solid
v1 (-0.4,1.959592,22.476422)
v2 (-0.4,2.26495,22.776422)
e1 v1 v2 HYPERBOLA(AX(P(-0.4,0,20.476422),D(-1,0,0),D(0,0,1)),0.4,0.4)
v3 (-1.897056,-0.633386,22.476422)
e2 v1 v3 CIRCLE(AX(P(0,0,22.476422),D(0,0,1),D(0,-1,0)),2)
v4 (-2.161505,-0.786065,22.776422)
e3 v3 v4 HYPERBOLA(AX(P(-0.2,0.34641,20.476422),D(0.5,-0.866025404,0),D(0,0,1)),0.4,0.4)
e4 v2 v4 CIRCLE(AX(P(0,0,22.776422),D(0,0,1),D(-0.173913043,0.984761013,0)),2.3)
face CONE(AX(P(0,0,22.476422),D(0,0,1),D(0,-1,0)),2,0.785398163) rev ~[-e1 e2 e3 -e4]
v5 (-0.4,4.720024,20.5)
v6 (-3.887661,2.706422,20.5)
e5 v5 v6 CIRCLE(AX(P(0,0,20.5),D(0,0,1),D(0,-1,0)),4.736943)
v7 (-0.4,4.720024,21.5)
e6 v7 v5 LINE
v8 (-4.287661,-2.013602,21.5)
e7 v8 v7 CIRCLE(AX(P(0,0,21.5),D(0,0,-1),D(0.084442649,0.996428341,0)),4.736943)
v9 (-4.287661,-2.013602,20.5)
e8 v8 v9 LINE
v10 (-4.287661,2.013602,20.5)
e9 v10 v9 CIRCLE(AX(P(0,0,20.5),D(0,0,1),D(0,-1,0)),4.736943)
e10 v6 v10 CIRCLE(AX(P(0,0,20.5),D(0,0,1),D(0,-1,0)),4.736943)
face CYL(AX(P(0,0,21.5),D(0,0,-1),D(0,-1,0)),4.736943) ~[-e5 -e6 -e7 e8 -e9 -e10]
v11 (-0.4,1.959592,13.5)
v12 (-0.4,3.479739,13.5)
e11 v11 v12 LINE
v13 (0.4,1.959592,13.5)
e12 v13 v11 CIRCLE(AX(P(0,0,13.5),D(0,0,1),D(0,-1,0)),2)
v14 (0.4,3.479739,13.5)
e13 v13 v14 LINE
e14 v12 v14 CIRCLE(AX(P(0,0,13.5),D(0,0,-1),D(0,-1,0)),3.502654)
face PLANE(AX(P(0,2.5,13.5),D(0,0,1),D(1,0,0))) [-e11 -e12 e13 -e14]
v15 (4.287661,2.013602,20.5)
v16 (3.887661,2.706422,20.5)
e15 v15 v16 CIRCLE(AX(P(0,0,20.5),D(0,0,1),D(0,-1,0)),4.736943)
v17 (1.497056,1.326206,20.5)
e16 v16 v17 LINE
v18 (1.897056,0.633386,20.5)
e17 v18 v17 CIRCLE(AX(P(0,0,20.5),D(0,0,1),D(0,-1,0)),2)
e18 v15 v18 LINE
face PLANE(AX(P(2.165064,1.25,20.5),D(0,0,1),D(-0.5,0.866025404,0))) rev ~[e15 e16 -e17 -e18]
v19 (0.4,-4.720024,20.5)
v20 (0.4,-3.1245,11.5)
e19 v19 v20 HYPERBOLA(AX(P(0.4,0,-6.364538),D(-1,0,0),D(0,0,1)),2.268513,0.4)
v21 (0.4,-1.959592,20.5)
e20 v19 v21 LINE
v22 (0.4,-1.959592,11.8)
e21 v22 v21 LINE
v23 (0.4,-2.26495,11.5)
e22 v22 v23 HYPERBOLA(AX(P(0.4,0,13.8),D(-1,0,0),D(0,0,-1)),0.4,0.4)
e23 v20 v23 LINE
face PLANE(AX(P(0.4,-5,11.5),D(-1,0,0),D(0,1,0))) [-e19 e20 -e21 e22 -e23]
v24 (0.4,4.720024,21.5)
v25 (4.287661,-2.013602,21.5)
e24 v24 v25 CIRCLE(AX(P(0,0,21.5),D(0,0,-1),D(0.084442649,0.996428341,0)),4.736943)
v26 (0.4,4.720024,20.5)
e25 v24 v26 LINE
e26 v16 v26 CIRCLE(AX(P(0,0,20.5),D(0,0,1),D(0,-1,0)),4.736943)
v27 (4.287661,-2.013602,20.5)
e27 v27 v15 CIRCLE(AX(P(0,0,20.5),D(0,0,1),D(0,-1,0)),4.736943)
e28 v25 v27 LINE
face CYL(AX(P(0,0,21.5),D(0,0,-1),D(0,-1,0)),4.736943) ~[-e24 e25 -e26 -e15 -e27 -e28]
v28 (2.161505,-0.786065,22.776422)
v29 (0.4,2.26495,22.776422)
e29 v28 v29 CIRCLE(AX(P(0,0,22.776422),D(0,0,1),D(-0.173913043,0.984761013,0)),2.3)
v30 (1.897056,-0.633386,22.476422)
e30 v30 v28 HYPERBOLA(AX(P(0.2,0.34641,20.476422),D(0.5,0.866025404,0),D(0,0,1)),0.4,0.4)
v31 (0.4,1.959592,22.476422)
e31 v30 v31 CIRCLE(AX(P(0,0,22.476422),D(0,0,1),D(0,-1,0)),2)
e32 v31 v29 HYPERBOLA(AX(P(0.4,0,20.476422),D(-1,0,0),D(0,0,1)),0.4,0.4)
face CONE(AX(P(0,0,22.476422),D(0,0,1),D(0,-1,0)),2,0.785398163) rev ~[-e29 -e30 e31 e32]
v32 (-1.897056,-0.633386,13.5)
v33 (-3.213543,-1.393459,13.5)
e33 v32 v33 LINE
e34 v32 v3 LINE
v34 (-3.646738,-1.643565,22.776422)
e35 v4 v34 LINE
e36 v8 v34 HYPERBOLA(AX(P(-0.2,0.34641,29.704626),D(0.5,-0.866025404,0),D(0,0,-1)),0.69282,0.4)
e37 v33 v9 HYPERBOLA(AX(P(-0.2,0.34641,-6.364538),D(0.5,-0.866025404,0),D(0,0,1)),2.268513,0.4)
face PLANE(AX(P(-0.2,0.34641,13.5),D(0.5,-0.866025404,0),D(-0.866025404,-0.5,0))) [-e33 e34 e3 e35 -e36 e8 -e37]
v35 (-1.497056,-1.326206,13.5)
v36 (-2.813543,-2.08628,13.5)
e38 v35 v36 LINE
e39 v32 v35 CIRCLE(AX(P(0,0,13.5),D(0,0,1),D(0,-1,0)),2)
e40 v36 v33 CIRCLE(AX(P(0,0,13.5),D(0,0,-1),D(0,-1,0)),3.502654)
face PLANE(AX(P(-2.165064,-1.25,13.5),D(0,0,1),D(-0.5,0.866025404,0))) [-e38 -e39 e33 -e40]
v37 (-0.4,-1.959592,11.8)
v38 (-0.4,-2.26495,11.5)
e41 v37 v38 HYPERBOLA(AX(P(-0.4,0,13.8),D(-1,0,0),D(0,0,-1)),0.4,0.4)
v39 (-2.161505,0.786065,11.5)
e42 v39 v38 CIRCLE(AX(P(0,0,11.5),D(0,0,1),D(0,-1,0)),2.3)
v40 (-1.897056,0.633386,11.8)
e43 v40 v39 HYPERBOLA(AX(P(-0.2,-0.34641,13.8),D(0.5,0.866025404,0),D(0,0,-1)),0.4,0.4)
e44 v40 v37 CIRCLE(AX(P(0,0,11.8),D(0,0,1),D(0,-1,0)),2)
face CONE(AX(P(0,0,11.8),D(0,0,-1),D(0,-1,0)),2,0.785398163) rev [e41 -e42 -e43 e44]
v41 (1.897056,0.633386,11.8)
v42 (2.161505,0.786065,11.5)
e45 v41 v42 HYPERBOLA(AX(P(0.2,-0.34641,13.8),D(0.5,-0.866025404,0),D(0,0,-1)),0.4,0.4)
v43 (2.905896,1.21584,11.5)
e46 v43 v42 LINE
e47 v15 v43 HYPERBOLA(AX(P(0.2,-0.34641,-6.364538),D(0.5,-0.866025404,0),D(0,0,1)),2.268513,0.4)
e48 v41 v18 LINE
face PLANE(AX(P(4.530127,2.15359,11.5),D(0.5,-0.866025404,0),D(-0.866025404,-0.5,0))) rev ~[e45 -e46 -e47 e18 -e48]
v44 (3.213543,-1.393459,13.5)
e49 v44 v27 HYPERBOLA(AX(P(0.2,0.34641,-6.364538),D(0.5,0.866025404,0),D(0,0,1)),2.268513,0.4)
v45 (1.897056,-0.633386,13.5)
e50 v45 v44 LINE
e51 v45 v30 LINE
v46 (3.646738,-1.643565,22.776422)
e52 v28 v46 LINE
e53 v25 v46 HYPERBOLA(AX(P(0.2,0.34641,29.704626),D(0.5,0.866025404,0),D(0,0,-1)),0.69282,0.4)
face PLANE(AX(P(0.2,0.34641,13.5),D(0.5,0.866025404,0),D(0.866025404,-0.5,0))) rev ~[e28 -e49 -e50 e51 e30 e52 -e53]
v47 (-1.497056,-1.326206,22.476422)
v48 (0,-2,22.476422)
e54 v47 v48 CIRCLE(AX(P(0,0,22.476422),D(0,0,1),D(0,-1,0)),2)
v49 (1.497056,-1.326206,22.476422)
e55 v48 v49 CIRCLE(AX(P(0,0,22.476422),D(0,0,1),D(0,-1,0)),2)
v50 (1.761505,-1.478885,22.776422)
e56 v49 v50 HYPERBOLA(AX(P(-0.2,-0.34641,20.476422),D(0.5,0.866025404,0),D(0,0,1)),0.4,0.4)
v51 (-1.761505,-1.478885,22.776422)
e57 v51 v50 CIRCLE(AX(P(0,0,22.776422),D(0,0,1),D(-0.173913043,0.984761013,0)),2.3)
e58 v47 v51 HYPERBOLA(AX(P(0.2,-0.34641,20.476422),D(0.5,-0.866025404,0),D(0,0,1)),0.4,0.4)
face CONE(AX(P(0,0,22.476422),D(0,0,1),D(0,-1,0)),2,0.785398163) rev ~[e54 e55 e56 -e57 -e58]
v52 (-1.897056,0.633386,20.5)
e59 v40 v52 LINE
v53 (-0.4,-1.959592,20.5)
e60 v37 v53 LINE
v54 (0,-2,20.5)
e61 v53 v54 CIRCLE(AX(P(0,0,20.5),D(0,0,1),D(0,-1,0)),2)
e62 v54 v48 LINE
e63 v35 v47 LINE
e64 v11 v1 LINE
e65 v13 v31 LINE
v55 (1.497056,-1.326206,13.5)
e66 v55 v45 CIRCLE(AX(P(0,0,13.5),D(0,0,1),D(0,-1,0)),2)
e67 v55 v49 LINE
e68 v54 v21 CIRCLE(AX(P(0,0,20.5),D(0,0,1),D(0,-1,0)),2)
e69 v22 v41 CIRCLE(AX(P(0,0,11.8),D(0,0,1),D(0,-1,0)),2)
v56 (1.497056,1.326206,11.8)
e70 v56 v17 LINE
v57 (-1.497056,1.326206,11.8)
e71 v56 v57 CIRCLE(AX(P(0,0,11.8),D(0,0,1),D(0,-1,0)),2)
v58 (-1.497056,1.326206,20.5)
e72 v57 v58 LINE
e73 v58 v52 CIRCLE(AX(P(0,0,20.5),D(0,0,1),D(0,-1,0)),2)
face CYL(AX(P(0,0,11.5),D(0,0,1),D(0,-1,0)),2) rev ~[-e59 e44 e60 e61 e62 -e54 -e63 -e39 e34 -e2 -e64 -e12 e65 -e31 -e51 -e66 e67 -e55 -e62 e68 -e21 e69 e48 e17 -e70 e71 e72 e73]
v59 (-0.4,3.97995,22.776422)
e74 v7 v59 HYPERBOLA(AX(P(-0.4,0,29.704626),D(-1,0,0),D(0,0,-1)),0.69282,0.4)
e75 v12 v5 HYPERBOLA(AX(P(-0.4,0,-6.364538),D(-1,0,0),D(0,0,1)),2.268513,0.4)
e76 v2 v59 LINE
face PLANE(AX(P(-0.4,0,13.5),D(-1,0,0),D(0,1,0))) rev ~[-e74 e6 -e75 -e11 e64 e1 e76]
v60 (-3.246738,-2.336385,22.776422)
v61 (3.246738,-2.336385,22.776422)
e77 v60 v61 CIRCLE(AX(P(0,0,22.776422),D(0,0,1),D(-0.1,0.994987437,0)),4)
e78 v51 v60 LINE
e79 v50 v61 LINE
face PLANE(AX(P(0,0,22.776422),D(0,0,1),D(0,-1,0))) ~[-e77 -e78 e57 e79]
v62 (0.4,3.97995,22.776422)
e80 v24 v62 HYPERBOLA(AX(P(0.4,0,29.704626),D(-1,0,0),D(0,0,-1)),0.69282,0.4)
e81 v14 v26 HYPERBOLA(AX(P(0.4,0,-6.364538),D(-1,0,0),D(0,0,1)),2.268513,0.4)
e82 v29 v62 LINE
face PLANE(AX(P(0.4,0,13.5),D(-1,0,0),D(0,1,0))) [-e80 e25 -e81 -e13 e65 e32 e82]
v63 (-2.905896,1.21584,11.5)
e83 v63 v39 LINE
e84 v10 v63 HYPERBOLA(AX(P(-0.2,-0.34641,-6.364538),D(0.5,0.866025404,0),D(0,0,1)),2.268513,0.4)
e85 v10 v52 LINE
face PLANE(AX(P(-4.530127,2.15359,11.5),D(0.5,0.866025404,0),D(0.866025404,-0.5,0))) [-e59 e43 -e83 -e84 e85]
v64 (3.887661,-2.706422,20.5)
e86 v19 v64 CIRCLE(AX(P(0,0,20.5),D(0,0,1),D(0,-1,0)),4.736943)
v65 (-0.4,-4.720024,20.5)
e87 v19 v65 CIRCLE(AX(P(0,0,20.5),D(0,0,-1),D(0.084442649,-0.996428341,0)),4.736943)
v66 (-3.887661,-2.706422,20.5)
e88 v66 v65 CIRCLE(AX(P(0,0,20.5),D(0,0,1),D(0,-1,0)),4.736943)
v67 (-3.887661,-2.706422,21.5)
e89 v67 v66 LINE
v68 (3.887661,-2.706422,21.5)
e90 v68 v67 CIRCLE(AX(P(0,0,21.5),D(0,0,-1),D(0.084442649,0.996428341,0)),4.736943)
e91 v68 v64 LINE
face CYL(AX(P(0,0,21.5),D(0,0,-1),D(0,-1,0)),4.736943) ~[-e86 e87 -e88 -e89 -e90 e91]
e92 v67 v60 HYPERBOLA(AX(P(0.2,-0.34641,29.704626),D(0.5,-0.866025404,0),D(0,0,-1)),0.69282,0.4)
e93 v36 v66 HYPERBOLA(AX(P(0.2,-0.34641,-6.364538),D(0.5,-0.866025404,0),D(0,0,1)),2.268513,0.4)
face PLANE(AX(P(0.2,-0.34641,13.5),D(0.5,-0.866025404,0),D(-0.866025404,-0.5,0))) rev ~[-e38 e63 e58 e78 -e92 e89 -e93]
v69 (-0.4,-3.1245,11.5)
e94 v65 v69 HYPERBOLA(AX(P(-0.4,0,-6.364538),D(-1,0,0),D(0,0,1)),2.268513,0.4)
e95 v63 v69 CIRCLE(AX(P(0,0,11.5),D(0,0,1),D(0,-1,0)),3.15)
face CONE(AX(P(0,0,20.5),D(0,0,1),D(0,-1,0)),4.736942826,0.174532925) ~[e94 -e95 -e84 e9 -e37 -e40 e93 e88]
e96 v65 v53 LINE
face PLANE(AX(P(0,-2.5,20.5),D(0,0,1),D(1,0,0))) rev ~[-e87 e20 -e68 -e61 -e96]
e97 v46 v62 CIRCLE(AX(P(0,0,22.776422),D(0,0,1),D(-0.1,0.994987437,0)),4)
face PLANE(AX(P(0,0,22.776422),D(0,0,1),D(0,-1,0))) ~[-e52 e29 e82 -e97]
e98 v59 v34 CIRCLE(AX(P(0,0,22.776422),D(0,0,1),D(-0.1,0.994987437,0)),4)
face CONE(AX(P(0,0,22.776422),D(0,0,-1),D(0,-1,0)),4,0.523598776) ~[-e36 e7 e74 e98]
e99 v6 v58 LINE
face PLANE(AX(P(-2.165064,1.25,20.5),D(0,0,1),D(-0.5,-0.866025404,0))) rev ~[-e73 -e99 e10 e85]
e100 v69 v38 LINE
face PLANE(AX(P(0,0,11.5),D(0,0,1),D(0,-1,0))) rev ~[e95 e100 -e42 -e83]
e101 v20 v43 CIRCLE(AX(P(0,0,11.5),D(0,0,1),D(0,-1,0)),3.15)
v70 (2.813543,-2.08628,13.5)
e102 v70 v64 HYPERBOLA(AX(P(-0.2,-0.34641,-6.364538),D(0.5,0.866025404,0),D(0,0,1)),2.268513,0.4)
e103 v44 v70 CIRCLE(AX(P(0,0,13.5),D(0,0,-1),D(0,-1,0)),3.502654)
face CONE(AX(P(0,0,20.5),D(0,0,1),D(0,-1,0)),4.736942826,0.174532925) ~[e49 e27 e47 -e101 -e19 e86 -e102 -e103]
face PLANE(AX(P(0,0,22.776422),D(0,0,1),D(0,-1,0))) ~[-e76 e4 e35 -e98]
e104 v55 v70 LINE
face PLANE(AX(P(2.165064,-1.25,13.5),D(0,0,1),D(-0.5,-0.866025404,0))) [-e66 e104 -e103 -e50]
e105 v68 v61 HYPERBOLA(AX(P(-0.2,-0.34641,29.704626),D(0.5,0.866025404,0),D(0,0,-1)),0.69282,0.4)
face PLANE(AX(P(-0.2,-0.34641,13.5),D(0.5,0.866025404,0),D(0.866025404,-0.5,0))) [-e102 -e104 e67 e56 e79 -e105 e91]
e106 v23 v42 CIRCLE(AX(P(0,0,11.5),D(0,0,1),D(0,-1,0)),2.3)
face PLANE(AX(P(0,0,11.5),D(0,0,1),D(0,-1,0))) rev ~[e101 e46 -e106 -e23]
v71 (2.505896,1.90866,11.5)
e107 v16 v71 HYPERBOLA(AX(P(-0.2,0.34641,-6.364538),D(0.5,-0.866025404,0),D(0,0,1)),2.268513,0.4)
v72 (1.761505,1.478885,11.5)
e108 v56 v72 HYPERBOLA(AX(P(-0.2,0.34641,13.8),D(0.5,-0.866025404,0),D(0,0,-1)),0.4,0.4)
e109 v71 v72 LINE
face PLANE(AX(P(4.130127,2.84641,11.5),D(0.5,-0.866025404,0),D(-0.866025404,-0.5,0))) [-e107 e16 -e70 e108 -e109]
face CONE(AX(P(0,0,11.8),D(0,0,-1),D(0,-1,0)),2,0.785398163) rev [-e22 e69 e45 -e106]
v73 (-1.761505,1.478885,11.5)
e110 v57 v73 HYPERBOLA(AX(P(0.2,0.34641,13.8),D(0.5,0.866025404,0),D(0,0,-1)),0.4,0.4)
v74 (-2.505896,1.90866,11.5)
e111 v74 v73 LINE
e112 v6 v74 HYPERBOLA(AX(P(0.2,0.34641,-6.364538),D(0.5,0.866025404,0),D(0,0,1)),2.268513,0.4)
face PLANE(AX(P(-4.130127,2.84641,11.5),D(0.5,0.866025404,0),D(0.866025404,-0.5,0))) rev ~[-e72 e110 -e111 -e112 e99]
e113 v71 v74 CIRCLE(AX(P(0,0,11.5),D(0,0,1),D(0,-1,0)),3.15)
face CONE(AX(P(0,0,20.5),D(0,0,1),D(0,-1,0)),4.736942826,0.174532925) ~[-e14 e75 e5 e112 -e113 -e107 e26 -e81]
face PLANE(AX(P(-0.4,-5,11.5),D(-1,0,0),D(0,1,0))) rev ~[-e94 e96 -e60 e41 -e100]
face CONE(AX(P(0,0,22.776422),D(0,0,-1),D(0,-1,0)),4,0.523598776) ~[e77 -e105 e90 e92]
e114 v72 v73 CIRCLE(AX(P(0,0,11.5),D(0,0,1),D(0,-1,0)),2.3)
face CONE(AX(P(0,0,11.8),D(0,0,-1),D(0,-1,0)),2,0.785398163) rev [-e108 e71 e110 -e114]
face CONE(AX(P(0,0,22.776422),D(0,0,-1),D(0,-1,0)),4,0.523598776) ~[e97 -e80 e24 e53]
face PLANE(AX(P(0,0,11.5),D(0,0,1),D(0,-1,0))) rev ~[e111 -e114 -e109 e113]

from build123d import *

# Parameters (mm, degrees)
CHAMFER006_SIZE       = 0.3
SKETCH001_W           = 0.8
SKETCH001_H           = 5
POCKET003_DEPTH       = 44.301226966
POLARPATTERN003_COUNT = 3
SKETCH009_W           = 0.8
SKETCH009_H           = 5
POCKET004_DEPTH       = 9
POLARPATTERN004_COUNT = 3


with BuildPart() as part:
    # Sketch008 → Revolution001 (revolve)
    with BuildSketch(Plane.YZ):
        Polygon((-2, 0), (-2, 11.2764224176), (-4, 11.2764224176), (-4.7369428264, 10), (-4.7369428264, 9), (-3.15, 0), align=None)
    revolve(axis=Axis((0, 0, 0), (0, 0, 1)))

    # Chamfer006
    chamfer006_edges = [part.edges().sort_by_distance(p)[0] for p in [
        (0, 2, 11.276422),
        (0, 2, 0),
    ]]
    chamfer(chamfer006_edges, length=CHAMFER006_SIZE)

    # Sketch001 → Pocket003 (cut, through all)
    with BuildSketch(Plane.XY.offset(2)):
        with Locations((0, 2.5)):
            Rectangle(SKETCH001_W, SKETCH001_H)
    pocket003 = extrude(amount=POCKET003_DEPTH, mode=Mode.SUBTRACT)

    # PolarPattern003: Pocket003 ×3 about axis
    polarpattern003_axis = Axis((0, 0, 2), (0, 0, 1))
    for i in range(1, POLARPATTERN003_COUNT):
        add(pocket003.rotate(polarpattern003_axis, i * 360 / POLARPATTERN003_COUNT), mode=Mode.SUBTRACT)

    # Sketch009 → Pocket004 (cut)
    with BuildSketch(Plane.XY):
        with Locations((0, -2.5)):
            Rectangle(SKETCH009_W, SKETCH009_H)
    pocket004 = extrude(amount=POCKET004_DEPTH, mode=Mode.SUBTRACT)

    # PolarPattern004: Pocket004 ×3 about axis
    polarpattern004_axis = Axis((0, 0, 0), (0, 0, 1))
    for i in range(1, POLARPATTERN004_COUNT):
        add(pocket004.rotate(polarpattern004_axis, i * 360 / POLARPATTERN004_COUNT), mode=Mode.SUBTRACT)


with BuildPart() as part_1:
    # Body003 placement: moved
    add(part.part.moved(Location((0, 0, 11.5))))


solid = part_1.part
